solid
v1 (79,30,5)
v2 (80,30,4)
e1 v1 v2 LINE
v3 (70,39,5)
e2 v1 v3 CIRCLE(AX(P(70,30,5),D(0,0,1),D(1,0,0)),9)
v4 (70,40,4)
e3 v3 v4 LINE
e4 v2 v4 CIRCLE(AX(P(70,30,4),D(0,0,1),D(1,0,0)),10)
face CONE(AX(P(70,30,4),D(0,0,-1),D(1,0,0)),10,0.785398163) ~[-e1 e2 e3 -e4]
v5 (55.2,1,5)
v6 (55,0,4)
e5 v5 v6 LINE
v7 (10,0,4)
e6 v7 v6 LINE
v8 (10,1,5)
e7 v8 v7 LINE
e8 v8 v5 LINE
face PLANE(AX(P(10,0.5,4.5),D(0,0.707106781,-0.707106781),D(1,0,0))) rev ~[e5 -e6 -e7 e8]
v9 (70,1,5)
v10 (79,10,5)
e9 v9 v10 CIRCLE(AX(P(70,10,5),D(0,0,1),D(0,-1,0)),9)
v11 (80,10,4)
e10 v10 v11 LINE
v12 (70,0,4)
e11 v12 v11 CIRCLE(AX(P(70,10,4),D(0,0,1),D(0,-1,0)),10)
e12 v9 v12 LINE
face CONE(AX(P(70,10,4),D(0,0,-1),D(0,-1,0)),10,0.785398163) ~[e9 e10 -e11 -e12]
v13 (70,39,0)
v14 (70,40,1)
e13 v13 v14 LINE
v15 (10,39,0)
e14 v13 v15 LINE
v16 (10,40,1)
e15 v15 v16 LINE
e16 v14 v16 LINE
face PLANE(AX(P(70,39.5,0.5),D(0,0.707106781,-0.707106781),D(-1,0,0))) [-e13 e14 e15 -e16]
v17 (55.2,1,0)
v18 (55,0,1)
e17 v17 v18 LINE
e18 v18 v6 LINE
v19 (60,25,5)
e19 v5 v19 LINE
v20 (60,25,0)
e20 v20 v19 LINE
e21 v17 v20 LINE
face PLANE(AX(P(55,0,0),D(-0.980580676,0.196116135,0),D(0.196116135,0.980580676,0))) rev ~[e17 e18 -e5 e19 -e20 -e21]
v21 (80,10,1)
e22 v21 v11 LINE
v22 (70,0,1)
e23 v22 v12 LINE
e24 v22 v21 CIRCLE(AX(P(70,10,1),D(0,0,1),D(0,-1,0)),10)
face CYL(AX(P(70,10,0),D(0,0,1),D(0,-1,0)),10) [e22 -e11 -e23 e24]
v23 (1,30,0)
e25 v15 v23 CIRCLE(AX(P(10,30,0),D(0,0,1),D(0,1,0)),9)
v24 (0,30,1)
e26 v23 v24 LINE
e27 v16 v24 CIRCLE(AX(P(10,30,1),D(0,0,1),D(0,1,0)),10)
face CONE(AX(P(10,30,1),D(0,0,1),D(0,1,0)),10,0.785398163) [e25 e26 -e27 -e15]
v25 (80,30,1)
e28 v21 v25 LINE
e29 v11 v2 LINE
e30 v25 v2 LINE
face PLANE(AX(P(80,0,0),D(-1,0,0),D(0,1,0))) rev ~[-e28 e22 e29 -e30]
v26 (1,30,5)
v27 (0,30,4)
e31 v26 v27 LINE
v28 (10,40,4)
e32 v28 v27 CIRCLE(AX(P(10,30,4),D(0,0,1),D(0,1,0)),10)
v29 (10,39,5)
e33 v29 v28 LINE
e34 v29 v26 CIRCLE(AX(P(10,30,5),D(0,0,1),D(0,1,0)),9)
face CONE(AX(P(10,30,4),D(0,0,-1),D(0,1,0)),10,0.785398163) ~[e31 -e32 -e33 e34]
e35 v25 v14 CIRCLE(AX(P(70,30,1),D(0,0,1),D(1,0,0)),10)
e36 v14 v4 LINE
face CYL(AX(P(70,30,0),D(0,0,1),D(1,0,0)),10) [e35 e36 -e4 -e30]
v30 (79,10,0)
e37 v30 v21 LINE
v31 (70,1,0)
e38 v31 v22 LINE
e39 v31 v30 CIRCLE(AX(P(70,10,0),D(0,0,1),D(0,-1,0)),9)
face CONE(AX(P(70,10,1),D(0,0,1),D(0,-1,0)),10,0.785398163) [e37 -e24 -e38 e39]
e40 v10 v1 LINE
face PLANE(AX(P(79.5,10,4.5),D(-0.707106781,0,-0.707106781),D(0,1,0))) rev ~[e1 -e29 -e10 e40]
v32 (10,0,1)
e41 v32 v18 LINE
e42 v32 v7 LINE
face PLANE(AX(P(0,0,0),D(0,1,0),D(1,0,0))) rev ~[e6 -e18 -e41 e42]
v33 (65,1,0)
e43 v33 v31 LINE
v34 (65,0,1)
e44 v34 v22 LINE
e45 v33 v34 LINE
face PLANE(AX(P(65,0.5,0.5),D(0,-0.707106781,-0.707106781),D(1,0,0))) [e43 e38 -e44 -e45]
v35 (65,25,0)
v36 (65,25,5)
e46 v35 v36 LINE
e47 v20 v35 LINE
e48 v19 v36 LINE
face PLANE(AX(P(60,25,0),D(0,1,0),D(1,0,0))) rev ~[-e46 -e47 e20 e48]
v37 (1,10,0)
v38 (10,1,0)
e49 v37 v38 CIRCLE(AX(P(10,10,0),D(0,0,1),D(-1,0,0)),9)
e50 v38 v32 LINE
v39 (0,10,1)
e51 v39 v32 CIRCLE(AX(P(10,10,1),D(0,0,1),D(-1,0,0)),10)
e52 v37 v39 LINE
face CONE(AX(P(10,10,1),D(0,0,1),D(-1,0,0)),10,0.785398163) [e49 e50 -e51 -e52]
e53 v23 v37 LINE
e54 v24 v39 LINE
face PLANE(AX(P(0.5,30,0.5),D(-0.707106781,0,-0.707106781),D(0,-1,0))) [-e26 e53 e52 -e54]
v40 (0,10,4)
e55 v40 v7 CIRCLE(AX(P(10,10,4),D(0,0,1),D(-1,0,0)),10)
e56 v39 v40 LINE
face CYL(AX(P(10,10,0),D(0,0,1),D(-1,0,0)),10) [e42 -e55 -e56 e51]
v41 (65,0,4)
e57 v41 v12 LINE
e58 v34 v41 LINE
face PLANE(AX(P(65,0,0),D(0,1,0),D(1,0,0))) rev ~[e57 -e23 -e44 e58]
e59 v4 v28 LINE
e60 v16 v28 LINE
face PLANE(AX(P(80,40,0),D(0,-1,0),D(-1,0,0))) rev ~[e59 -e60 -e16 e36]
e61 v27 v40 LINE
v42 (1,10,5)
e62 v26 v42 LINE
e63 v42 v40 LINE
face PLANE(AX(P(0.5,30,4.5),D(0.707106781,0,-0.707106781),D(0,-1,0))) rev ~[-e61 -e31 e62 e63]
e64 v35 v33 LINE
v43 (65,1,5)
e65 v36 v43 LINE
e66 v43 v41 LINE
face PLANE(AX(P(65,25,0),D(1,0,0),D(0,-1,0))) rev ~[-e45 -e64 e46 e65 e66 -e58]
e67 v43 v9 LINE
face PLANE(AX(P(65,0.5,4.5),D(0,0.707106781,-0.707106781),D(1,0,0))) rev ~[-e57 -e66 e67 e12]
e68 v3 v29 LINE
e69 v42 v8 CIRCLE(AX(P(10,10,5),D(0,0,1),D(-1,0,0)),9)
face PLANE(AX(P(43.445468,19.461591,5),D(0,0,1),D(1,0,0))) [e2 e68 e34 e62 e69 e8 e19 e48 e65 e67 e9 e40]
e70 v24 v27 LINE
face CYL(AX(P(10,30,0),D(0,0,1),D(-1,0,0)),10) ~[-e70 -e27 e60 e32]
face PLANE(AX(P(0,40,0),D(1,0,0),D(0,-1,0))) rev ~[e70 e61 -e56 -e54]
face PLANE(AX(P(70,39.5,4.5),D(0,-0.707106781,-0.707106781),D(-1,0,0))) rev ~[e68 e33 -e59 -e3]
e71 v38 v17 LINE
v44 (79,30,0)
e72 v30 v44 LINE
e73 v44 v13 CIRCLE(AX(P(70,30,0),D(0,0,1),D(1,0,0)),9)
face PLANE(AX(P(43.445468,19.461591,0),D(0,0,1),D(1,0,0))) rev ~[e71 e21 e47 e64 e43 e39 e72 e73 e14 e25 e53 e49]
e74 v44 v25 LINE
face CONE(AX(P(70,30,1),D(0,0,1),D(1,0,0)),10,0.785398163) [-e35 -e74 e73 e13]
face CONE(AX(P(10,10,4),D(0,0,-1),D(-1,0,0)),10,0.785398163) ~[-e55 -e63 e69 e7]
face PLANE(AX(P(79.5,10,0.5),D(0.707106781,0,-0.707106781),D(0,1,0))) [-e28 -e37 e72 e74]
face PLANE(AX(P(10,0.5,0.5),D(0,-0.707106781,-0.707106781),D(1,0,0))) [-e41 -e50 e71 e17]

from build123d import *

# Parameters (mm, degrees)
F1_DEPTH = 5
F2_R     = 10
F3_SIZE  = 1


with BuildPart() as f1:
    # F0 (on Top) → F1 (new body)
    with BuildSketch(Plane.XY):
        Polygon((0, 40), (0, 0), (55, 0), (60, 25), (65, 25), (65, 0), (80, 0), (80, 40), align=None)
    extrude(amount=F1_DEPTH)

    # F2
    f2_edges = [f1.edges().sort_by_distance(p)[0] for p in [
        (80, 0, 2.5),
        (80, 40, 2.5),
        (0, 40, 2.5),
        (0, 0, 2.5),
    ]]
    fillet(f2_edges, radius=F2_R)

    # F3
    f3_edges = [f1.edges().sort_by_distance(p)[0] for p in [
        (77.071068, 2.928932, 5),
        (77.071068, 2.928932, 0),
    ]]
    chamfer(f3_edges, length=F3_SIZE)


solid = f1.part
